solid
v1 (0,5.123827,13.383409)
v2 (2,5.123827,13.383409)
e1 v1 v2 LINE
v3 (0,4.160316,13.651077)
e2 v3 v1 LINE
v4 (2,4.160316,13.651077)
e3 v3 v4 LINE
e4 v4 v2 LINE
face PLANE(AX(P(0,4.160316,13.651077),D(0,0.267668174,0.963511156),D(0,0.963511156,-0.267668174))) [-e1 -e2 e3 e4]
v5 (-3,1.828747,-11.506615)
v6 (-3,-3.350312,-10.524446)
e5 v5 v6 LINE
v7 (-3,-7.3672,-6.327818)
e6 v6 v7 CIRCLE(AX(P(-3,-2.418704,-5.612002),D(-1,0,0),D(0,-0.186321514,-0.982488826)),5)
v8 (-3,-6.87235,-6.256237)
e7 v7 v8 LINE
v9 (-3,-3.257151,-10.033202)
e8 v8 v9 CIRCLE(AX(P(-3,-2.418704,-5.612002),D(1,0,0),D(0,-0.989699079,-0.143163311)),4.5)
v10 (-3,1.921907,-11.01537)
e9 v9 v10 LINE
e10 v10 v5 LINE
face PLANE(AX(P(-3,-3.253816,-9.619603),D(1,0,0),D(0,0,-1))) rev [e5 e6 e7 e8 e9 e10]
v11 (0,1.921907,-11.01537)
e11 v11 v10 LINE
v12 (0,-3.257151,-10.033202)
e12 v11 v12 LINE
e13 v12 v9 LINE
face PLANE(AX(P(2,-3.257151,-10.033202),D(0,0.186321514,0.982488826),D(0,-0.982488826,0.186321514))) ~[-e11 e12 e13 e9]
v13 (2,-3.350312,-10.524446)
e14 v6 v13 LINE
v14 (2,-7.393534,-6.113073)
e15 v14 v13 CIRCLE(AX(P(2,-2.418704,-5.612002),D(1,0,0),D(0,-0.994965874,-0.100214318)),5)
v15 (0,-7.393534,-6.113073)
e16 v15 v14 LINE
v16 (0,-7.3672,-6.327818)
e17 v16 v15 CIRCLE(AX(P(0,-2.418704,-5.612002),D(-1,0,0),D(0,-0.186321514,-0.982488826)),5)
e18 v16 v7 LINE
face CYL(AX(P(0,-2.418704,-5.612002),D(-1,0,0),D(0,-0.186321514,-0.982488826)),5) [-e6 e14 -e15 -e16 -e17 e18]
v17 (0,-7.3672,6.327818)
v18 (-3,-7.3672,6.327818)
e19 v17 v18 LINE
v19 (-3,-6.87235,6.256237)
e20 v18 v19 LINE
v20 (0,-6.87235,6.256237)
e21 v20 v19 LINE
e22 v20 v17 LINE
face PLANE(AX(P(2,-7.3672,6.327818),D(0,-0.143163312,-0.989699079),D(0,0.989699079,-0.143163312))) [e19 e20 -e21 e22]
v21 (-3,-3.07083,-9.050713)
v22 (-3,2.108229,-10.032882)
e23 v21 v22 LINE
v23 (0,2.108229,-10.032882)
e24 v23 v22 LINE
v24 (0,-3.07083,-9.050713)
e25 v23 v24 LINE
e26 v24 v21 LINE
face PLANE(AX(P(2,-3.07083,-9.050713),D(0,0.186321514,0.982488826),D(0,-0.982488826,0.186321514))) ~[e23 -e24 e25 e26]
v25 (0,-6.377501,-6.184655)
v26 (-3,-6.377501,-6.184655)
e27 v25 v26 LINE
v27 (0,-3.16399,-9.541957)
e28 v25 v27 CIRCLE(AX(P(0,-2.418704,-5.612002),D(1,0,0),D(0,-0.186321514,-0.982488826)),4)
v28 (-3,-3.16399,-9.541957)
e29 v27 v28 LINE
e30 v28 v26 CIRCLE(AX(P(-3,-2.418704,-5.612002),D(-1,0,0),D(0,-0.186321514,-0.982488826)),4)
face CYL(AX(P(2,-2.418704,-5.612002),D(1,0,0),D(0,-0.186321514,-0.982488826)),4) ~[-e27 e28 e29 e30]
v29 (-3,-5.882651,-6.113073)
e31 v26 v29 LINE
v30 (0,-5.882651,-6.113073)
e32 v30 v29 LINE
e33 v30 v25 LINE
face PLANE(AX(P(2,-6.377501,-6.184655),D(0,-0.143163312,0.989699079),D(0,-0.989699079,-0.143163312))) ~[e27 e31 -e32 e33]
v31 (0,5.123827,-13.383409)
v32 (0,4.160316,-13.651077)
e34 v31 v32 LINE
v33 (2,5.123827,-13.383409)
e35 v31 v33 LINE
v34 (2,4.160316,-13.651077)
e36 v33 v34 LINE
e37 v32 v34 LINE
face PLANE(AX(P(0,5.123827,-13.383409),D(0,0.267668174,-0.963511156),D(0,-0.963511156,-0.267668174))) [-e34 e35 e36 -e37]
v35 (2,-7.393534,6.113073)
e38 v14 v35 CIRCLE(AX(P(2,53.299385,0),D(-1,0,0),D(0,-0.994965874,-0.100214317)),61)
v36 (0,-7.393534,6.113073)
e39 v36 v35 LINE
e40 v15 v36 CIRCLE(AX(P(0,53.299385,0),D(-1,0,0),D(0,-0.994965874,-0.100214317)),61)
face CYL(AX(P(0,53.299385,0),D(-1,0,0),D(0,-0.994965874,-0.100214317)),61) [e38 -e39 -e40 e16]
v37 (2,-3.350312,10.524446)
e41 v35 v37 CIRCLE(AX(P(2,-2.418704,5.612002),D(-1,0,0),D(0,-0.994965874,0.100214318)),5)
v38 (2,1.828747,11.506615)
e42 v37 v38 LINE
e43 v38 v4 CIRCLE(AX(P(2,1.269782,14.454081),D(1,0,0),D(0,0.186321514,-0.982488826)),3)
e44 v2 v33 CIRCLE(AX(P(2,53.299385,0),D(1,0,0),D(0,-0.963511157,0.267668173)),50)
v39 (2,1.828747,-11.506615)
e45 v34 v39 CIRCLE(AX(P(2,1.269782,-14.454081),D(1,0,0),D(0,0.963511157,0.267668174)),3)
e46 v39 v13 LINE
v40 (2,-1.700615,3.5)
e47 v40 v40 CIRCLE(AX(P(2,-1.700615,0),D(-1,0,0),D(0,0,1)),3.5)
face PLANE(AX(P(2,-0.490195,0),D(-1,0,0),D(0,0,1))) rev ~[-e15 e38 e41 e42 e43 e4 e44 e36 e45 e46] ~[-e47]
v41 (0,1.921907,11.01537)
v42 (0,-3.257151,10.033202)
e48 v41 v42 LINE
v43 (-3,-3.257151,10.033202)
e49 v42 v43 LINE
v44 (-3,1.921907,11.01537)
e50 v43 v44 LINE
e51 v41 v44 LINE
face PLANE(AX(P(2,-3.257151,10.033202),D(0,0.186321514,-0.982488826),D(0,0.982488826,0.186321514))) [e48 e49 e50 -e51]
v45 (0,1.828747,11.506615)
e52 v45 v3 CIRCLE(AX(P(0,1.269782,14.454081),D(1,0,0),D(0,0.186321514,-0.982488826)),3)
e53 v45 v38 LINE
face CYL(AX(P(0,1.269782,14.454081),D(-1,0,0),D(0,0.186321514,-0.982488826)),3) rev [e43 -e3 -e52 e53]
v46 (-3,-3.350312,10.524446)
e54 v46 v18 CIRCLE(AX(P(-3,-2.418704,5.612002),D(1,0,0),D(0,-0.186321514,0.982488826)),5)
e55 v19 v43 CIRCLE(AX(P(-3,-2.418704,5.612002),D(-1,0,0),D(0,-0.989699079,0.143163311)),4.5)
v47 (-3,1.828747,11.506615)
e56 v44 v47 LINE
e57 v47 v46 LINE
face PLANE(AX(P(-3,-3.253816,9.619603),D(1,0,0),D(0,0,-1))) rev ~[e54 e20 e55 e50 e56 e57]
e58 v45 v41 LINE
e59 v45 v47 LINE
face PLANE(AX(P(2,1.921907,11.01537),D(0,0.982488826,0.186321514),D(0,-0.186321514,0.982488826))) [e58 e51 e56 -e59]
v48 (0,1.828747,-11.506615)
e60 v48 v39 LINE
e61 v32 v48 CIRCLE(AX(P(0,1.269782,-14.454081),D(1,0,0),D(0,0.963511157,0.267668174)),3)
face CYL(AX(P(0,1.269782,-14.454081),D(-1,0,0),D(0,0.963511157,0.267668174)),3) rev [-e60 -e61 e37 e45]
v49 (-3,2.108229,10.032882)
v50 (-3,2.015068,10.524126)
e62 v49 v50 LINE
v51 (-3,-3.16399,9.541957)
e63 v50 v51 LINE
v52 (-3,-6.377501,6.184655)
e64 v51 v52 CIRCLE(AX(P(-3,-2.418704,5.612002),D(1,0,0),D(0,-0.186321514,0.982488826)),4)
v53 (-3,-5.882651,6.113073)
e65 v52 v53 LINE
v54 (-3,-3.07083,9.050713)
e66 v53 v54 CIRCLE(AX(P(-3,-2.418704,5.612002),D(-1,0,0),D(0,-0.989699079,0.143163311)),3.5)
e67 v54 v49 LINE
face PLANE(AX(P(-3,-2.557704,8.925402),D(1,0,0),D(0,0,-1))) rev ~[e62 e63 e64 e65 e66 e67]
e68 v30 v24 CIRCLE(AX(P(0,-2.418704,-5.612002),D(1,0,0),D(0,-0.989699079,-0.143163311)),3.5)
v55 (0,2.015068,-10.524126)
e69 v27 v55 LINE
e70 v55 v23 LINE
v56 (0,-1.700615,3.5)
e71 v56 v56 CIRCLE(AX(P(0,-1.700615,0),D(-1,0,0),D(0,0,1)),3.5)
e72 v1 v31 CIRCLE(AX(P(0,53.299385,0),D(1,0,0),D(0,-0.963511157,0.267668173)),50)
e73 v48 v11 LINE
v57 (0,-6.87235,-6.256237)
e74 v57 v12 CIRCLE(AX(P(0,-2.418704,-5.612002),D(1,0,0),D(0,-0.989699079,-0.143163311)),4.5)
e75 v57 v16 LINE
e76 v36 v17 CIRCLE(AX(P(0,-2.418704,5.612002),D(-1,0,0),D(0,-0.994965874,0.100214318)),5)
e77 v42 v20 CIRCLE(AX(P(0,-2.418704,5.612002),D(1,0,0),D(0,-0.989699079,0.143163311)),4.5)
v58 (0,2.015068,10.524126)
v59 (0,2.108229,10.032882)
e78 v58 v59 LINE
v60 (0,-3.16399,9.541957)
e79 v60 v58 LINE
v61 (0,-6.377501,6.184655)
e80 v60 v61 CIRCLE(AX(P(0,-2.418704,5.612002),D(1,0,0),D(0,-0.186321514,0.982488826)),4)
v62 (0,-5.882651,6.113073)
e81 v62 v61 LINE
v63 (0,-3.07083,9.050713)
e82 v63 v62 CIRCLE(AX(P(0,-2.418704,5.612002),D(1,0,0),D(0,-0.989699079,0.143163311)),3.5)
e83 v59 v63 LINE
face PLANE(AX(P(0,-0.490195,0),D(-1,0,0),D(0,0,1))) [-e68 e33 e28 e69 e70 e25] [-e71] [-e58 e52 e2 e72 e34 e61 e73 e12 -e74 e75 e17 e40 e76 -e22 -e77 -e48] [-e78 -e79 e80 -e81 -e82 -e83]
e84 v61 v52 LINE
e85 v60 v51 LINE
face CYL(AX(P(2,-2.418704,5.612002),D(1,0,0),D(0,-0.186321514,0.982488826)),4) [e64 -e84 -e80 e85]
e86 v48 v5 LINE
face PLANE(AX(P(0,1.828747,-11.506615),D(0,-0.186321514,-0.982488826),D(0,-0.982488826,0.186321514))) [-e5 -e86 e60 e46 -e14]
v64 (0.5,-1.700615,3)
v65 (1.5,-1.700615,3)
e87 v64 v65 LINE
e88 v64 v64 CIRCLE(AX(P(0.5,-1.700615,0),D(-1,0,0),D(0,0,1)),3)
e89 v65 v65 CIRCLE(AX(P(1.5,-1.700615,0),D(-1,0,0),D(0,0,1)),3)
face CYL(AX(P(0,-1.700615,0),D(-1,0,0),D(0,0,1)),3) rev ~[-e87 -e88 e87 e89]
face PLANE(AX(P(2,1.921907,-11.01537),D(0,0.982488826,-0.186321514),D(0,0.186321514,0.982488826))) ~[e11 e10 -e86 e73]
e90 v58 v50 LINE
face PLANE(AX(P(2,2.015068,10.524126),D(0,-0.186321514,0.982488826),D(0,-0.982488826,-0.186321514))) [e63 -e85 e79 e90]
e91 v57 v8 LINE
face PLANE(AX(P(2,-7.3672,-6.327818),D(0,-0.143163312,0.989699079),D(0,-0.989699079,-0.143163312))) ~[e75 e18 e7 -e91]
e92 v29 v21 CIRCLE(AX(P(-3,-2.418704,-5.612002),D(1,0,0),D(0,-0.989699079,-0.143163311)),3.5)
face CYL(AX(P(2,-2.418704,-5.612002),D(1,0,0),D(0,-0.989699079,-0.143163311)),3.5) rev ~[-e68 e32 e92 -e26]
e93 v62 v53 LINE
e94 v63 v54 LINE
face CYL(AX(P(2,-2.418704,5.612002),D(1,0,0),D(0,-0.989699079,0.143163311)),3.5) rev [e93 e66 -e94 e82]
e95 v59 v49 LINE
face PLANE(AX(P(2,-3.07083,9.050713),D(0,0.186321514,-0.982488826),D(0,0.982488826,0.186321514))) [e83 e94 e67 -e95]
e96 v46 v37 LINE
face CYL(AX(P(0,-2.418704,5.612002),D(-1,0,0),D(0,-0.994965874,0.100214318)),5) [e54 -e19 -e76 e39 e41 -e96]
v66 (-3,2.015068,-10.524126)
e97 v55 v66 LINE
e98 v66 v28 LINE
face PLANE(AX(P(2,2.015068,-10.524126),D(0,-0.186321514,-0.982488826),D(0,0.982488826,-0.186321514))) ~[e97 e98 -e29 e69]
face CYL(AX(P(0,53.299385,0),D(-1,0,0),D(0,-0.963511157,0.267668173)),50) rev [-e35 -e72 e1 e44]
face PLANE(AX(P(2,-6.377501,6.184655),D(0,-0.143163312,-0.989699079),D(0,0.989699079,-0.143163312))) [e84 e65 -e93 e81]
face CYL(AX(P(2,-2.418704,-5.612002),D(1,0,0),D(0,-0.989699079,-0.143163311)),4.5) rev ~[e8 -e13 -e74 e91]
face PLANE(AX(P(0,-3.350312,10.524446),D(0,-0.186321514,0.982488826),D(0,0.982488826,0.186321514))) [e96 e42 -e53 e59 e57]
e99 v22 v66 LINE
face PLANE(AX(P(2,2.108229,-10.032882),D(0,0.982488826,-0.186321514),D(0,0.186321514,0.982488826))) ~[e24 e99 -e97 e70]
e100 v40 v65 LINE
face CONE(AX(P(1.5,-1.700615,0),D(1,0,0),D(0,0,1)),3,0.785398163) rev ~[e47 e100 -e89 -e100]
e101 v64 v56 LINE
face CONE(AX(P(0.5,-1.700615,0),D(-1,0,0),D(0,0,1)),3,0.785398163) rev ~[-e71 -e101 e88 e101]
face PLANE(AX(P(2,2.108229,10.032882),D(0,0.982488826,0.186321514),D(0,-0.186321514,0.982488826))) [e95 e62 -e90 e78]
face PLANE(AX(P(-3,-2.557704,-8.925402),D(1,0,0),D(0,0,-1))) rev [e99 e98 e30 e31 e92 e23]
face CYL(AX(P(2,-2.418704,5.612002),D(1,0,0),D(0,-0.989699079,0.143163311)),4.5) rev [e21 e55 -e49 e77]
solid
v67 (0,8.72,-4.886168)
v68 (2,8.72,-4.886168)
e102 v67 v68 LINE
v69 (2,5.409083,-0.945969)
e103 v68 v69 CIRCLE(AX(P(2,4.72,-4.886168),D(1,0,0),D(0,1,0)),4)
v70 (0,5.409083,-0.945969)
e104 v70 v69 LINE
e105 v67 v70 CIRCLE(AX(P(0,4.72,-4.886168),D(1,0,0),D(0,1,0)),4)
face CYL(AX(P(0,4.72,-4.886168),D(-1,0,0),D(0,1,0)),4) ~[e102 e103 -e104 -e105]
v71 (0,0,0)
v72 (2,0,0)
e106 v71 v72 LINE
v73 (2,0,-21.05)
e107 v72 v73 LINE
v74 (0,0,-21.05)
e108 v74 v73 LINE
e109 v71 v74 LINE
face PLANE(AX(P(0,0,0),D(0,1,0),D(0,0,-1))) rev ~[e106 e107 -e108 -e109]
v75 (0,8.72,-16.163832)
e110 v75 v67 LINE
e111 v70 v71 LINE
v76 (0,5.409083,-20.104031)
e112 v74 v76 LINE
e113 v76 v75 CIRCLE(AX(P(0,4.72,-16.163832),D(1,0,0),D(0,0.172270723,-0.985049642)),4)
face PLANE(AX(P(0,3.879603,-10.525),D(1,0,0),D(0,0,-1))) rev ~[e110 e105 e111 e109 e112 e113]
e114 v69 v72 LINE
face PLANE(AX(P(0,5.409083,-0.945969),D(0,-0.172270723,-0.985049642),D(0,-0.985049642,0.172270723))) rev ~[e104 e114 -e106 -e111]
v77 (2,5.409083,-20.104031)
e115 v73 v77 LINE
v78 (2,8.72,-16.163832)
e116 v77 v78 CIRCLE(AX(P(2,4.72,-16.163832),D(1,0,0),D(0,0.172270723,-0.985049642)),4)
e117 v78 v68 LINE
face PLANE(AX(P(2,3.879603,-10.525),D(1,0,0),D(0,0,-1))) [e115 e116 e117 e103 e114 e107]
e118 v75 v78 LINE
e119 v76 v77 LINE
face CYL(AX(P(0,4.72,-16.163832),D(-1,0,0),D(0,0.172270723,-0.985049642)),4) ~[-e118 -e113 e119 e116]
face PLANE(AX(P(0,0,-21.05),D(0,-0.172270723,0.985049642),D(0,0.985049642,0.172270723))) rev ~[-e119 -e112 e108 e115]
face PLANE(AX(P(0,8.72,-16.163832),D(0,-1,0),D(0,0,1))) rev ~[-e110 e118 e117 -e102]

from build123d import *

# Parameters (mm, degrees)
EXTRUDE_1_DEPTH     = 2
EXTRUDE_2_DEPTH     = 2
EXTRUDE_5_DEPTH     = 5
SKETCH_7_R          = 3
CUT_EXTRUDE_1_DEPTH = 10
CHAMFER_3_SIZE      = 0.5


with BuildPart() as part:
    # Эскиз2 → Бобышка-Вытянуть1 (new body)
    with BuildSketch(Plane(origin=(0, 0, 0), x_dir=(0, 0, -1), z_dir=(1, 0, 0))):
        with BuildLine():
            Line((0, 0), (21.05, 0))
            Line((21.05, 0), (20.104030802, 5.409082892))
            ThreePointArc((20.104030802, 5.409082892), (18.737124717, 7.782379105), (16.163832232, 8.72))
            Line((16.163832232, 8.72), (4.886167768, 8.72))
            ThreePointArc((4.886167768, 8.72), (2.312875283, 7.782379105), (0.945969198, 5.409082892))
            Line((0.945969198, 5.409082892), (0, 0))
        make_face()
    extrude(amount=EXTRUDE_1_DEPTH)


with BuildPart() as body_2:
    # Эскиз3 → Бобышка-Вытянуть2 (new body)
    with BuildSketch(Plane(origin=(0, 0, 0), x_dir=(0, 0, -1), z_dir=(1, 0, 0))):
        with BuildLine():
            Line((11.506614891, 1.82874673), (10.524445921, -3.35031187))
            ThreePointArc((10.524445921, -3.35031187), (8.990381393, -6.104698232), (6.113073378, -7.393533672))
            ThreePointArc((6.113073378, -7.393533672), (0, -7.700615354), (-6.113073378, -7.393533672))
            ThreePointArc((-6.113073378, -7.393533672), (-8.990381393, -6.104698232), (-10.524445921, -3.35031187))
            Line((-10.524445921, -3.35031187), (-11.506614891, 1.82874673))
            ThreePointArc((-11.506614891, 1.82874673), (-12.24601398, 3.30065353), (-13.651076849, 4.160315659))
            Line((-13.651076849, 4.160315659), (-13.383408675, 5.123826815))
            ThreePointArc((-13.383408675, 5.123826815), (0, 3.299384646), (13.383408675, 5.123826815))
            Line((13.383408675, 5.123826815), (13.651076849, 4.160315659))
            ThreePointArc((13.651076849, 4.160315659), (12.24601398, 3.30065353), (11.506614891, 1.82874673))
        make_face()
    extrude(amount=EXTRUDE_2_DEPTH)

    # Эскиз4 → Бобышка-Вытянуть5 (add)
    with BuildSketch(Plane(origin=(2, 0, 0), x_dir=(0, 0, -1), z_dir=(1, 0, 0))):
        with BuildLine():
            Line((-10.033201508, -3.257151114), (-11.015370478, 1.921907487))
            Line((-11.015370478, 1.921907487), (-11.506614891, 1.82874673))
            Line((-11.506614891, 1.82874673), (-10.524445921, -3.35031187))
            ThreePointArc((-10.524445921, -3.35031187), (-9.069338414, -6.030742987), (-6.327818345, -7.367199695))
            Line((-6.327818345, -7.367199695), (-6.256236689, -6.872350156))
            ThreePointArc((-6.256236689, -6.872350156), (-8.723604752, -5.669539118), (-10.033201508, -3.257151114))
        make_face()
        with BuildLine():
            Line((-10.524126065, 2.015068244), (-9.541957094, -3.163990357))
            ThreePointArc((-9.541957094, -3.163990357), (-8.377871089, -5.30833525), (-6.184655034, -6.377500616))
            Line((-6.184655034, -6.377500616), (-6.113073378, -5.882651077))
            ThreePointArc((-6.113073378, -5.882651077), (-8.032137427, -4.947131381), (-9.050712681, -3.0708296))
            Line((-9.050712681, -3.0708296), (-10.032881652, 2.108229001))
            Line((-10.032881652, 2.108229001), (-10.524126065, 2.015068244))
        make_face()
    extrude_5 = extrude(amount=-EXTRUDE_5_DEPTH)

    # Зеркальное отражение1: Бобышка-Вытянуть5 across plane
    add(extrude_5.mirror(Plane.XY))

    # Эскиз7 → Вырез-Вытянуть1 (cut)
    with BuildSketch(Plane.ZY):
        with Locations((0, -1.700615354)):
            Circle(SKETCH_7_R)
    extrude(amount=-CUT_EXTRUDE_1_DEPTH, mode=Mode.SUBTRACT)

    # Фаска3
    chamfer_3_edges = [body_2.edges().sort_by_distance(p)[0] for p in [
        (2, -1.700615354, -3),
        (0, -1.700615354, -3),
    ]]
    chamfer(chamfer_3_edges, length=CHAMFER_3_SIZE)


solid = Compound([part.part, body_2.part])
